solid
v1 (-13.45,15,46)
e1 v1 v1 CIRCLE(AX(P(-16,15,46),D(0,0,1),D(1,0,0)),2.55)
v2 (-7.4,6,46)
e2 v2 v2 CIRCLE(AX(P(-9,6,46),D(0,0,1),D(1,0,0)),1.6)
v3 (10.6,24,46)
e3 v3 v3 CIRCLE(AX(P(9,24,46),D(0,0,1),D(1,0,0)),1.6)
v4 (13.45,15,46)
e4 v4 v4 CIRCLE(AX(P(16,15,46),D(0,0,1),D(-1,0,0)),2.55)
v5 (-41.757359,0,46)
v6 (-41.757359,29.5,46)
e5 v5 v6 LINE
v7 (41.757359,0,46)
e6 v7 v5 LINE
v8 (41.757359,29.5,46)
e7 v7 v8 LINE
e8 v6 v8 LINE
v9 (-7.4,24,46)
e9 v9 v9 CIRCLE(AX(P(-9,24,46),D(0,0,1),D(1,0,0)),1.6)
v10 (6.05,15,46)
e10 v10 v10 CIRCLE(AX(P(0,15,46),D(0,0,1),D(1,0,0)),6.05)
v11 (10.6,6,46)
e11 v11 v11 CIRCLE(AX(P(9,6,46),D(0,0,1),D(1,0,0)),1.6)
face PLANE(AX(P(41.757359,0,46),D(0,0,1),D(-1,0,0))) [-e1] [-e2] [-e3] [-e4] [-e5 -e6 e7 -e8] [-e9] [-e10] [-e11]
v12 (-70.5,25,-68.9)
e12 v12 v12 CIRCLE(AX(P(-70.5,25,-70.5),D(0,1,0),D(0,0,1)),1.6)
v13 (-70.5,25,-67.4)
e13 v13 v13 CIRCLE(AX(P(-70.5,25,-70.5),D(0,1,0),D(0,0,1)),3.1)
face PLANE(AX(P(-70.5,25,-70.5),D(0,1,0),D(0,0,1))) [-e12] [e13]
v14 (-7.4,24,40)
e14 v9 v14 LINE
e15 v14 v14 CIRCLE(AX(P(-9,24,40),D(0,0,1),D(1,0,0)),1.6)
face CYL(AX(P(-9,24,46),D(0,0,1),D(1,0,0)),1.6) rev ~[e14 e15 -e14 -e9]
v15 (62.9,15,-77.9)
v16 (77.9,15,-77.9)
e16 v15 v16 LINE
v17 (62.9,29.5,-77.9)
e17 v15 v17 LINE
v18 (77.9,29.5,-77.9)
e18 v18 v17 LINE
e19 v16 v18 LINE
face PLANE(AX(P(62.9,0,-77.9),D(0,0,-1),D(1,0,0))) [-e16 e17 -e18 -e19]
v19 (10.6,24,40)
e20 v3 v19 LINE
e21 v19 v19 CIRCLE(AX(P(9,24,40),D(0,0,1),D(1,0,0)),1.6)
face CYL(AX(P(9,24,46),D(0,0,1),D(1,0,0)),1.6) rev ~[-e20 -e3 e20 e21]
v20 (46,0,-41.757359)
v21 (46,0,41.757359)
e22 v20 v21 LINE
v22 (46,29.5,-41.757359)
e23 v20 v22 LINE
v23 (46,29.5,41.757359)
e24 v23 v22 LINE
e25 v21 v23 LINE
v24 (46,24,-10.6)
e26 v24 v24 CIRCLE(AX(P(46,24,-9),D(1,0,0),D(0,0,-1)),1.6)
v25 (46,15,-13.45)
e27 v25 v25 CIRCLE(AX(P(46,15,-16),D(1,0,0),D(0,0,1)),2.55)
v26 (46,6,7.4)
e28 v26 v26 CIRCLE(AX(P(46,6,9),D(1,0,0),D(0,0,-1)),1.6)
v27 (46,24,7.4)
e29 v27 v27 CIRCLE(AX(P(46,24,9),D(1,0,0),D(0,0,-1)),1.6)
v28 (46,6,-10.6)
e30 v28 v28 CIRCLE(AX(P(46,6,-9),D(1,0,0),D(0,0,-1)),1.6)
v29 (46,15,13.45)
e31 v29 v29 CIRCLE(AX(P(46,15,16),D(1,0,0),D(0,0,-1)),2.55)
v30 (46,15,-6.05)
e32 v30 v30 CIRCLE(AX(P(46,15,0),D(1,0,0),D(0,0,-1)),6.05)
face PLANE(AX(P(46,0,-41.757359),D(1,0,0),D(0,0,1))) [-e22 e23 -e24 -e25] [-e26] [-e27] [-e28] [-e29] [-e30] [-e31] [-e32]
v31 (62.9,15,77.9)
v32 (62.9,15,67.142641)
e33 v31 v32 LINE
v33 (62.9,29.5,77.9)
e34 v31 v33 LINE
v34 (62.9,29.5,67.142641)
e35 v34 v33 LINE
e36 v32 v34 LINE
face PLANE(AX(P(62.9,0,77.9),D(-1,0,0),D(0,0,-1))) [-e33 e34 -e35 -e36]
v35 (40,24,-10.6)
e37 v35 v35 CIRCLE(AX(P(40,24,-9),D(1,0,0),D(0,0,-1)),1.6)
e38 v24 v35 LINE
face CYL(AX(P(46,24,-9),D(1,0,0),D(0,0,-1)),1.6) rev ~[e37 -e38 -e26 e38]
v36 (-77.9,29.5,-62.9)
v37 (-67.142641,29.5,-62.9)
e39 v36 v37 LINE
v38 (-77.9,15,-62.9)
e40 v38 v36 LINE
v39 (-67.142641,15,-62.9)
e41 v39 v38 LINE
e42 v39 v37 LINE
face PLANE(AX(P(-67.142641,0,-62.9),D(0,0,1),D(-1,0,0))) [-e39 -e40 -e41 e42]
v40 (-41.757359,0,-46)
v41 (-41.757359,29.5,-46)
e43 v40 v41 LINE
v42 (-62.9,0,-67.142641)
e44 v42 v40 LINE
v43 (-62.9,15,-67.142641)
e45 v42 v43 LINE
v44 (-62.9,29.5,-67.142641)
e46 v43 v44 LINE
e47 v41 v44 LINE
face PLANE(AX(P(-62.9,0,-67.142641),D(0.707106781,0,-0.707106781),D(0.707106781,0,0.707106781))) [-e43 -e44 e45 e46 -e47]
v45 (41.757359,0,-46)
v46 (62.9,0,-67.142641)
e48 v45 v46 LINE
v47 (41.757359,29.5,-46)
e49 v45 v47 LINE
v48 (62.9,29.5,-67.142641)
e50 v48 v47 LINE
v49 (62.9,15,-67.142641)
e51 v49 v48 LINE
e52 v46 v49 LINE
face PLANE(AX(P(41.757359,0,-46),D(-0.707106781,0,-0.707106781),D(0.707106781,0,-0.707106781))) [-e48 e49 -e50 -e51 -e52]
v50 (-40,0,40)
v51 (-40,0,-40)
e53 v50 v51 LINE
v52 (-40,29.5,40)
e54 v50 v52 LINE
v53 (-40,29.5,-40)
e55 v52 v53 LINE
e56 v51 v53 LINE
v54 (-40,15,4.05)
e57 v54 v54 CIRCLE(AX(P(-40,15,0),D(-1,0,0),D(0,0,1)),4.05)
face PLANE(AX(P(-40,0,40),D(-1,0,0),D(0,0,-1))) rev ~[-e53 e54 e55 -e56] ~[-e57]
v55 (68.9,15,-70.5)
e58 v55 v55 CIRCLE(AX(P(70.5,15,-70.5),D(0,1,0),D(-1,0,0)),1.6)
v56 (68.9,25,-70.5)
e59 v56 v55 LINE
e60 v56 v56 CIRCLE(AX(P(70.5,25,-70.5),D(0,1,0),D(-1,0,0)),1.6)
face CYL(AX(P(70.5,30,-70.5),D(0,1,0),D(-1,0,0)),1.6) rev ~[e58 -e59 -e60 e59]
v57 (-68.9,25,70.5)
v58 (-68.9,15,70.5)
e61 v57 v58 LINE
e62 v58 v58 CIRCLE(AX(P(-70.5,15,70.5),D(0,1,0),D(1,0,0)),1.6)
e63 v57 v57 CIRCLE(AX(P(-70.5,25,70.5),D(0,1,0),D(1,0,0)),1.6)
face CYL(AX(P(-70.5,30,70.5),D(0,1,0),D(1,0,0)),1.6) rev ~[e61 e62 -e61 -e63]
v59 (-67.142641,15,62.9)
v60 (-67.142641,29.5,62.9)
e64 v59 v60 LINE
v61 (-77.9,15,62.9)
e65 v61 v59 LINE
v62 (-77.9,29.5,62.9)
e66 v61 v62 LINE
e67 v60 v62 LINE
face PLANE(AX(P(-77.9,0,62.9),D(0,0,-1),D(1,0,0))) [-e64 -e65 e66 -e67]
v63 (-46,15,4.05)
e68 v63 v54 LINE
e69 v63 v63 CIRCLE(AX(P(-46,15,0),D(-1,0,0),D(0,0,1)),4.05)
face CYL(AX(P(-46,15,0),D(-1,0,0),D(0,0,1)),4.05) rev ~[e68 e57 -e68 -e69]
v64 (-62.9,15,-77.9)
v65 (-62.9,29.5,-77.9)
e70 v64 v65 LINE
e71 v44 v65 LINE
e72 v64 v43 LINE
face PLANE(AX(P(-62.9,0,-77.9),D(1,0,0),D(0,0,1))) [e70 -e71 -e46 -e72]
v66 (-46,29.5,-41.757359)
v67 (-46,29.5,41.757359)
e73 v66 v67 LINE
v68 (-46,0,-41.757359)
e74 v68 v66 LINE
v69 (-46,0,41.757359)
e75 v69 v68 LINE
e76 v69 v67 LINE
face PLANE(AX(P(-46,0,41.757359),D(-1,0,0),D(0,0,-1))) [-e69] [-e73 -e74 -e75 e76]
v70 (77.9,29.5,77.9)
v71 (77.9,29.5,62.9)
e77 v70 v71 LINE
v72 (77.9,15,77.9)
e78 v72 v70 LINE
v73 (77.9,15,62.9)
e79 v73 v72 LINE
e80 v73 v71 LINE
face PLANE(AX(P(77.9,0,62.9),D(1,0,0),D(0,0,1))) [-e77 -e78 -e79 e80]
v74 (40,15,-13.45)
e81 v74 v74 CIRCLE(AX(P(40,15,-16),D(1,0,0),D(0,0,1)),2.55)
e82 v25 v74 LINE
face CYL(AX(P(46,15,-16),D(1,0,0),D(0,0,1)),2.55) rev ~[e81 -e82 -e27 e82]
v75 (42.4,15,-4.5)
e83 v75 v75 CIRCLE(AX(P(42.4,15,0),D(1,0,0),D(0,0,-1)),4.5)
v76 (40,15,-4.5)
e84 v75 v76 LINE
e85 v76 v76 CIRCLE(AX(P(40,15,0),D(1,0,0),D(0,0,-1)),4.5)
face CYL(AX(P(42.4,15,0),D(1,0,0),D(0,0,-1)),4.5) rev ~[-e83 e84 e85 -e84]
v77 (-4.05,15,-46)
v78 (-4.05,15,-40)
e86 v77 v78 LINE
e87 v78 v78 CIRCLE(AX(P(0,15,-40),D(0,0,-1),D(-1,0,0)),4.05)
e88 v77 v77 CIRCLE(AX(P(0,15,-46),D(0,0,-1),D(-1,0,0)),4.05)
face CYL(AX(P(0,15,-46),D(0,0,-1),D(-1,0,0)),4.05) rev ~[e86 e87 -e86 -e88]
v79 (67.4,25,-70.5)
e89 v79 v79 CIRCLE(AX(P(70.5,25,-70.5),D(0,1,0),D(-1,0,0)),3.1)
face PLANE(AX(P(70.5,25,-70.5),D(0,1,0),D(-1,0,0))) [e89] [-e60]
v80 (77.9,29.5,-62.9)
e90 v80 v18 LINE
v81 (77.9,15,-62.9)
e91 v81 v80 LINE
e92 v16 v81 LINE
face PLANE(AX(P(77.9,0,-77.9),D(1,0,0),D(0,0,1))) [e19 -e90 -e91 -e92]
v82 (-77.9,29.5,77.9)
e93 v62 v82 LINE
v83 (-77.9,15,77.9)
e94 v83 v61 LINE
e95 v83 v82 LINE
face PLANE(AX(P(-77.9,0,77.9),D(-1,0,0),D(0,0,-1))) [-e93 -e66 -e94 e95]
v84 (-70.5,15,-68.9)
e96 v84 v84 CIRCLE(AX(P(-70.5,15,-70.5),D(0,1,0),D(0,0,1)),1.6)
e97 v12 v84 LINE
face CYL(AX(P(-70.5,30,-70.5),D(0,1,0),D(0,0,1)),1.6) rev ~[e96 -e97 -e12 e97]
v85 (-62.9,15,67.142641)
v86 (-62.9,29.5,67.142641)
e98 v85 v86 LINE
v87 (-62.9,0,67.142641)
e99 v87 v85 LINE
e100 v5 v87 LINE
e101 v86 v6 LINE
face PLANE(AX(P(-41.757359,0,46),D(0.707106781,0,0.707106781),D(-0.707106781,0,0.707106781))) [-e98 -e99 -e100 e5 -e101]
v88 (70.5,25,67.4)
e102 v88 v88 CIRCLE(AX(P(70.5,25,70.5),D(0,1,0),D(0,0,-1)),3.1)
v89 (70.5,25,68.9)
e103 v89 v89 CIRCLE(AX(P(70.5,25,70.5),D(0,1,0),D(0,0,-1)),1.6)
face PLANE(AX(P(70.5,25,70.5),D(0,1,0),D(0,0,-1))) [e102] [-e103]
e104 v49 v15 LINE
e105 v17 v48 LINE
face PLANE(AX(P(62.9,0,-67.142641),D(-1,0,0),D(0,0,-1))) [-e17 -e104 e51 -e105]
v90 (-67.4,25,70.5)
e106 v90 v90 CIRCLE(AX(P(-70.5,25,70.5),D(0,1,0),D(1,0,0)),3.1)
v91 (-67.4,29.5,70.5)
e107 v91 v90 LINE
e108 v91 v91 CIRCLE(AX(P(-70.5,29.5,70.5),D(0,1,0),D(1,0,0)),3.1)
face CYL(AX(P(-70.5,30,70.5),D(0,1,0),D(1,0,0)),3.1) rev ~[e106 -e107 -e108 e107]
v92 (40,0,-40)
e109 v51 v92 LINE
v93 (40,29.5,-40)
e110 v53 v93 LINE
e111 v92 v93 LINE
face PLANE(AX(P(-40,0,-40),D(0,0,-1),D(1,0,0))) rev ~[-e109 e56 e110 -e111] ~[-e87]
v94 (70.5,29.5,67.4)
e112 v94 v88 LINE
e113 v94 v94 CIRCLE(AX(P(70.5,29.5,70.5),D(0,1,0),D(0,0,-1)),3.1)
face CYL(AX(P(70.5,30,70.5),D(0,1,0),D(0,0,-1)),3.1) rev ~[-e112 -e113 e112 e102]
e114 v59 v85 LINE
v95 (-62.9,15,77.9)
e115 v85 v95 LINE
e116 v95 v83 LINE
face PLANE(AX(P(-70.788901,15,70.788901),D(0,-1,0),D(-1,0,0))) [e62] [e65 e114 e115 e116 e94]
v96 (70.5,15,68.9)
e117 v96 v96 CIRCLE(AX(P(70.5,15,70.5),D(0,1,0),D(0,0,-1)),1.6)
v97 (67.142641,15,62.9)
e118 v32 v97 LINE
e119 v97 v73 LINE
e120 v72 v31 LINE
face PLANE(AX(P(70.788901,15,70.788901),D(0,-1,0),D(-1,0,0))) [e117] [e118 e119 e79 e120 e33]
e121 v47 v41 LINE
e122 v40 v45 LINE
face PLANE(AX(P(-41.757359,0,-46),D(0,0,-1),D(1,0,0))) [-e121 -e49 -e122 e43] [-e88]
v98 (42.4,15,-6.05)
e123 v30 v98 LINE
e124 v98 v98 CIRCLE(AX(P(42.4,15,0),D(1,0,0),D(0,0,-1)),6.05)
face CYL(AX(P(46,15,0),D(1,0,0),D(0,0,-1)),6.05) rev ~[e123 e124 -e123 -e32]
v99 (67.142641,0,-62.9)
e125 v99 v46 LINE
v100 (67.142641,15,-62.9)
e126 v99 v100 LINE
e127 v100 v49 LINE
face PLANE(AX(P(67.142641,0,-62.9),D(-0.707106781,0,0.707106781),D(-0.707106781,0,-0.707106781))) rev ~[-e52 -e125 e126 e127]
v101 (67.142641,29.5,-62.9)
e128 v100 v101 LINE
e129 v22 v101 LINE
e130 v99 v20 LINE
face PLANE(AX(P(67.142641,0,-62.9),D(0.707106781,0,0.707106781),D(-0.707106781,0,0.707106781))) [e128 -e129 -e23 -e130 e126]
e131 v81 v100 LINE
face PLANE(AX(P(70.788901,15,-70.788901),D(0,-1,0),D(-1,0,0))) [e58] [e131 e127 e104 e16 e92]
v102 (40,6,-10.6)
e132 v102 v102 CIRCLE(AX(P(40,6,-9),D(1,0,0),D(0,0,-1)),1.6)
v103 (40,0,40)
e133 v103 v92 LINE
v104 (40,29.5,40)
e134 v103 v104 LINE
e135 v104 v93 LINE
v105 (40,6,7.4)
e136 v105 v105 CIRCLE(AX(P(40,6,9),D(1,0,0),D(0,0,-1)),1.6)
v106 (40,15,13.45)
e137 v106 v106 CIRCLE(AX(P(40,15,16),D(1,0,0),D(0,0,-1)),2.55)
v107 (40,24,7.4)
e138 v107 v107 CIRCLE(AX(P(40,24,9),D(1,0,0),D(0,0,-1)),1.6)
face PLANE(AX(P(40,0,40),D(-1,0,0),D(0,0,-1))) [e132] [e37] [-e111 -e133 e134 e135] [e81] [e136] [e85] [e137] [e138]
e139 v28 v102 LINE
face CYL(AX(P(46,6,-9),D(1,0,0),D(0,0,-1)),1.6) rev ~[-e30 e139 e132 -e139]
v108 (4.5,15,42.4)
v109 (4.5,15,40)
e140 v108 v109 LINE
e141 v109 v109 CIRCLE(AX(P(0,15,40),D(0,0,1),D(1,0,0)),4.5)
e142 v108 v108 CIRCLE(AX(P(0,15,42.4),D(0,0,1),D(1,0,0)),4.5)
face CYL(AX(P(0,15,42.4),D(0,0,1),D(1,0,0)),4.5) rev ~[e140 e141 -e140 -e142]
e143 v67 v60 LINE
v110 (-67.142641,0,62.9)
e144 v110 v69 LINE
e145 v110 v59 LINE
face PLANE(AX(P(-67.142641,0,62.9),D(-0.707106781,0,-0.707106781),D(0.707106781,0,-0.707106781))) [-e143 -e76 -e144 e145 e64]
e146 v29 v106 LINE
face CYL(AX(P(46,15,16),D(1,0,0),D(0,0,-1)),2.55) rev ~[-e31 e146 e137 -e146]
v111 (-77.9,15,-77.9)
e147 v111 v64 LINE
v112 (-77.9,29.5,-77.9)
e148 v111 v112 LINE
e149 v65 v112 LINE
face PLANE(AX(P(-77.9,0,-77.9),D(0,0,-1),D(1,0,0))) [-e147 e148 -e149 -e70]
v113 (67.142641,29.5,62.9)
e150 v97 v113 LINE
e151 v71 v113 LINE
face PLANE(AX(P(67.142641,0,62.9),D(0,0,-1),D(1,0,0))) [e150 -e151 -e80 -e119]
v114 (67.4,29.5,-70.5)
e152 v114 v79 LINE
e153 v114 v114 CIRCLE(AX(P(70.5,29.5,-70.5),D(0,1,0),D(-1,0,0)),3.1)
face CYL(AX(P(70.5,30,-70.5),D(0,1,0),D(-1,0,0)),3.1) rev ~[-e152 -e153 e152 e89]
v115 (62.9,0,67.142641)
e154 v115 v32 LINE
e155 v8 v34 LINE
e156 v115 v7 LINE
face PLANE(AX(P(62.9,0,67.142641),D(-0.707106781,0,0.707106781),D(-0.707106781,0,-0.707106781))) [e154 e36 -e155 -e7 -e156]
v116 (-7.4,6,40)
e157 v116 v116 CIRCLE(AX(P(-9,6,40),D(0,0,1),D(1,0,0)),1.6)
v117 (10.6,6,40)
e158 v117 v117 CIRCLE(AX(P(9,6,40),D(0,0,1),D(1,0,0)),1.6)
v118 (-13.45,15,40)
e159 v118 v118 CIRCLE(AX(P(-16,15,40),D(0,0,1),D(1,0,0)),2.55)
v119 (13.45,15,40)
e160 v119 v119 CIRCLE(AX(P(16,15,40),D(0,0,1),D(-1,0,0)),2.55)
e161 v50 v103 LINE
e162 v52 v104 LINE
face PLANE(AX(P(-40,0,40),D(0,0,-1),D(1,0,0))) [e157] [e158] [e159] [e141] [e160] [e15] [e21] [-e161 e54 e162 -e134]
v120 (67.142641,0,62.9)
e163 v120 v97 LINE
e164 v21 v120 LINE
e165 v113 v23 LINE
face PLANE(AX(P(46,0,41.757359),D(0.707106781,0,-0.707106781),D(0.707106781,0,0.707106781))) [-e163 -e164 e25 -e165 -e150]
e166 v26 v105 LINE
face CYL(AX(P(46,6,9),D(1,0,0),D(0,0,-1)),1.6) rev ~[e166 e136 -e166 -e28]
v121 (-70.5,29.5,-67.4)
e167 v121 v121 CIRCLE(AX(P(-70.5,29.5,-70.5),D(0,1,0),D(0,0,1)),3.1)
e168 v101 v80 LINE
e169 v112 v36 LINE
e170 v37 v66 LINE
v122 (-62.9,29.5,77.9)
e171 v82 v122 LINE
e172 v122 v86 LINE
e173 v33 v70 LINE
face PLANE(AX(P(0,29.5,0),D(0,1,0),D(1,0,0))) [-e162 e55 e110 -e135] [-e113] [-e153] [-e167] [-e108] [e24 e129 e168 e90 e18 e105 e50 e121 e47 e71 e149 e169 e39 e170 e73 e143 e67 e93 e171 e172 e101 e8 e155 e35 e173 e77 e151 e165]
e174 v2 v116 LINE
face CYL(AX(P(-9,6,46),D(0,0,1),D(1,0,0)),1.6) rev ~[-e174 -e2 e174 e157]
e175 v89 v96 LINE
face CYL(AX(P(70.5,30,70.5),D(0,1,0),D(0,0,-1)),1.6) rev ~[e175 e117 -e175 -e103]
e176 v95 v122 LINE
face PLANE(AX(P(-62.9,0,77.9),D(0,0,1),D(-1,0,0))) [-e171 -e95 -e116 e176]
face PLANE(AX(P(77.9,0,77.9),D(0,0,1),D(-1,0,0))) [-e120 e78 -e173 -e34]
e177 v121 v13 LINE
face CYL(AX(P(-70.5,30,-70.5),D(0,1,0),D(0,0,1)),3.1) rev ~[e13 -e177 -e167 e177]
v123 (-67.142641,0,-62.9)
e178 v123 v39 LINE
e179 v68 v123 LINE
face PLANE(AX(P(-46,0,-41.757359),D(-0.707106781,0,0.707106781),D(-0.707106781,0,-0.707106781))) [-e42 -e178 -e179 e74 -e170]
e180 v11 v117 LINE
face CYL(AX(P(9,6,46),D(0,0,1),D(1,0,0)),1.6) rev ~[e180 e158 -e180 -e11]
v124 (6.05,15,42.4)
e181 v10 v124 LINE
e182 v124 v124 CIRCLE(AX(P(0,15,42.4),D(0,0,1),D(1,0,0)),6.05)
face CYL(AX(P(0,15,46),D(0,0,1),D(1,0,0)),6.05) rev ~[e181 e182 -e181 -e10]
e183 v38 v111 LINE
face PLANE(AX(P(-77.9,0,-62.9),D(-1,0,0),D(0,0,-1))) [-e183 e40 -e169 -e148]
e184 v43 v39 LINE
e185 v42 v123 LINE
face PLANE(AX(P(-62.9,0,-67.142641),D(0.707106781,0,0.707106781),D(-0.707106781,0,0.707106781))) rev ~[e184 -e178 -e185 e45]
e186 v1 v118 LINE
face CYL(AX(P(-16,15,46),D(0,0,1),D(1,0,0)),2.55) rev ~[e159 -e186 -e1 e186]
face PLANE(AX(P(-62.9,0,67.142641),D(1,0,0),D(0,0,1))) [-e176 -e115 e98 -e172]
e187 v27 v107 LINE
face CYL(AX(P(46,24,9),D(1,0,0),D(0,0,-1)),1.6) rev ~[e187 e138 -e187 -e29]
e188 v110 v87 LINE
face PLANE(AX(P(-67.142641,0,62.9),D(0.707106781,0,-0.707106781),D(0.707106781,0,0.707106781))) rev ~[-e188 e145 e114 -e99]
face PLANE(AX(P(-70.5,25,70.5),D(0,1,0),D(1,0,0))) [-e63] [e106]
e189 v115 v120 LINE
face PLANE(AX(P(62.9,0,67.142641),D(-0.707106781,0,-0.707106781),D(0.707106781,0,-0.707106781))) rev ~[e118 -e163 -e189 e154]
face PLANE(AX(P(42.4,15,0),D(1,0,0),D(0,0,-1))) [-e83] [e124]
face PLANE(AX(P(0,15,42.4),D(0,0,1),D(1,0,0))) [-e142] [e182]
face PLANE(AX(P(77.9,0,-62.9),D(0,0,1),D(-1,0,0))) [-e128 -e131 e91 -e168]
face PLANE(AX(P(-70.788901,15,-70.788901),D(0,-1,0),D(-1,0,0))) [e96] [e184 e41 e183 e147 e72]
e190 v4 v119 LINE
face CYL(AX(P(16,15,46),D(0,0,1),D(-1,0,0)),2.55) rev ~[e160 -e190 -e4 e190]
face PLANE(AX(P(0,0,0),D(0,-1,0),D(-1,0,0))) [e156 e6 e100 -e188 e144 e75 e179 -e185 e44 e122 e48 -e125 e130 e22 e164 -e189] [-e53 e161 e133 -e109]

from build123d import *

# Parameters (mm, degrees)
SKETCH_1_W               = 80
SKETCH_1_H               = 80
EXTRUDE_1_DEPTH          = 30
CUT_EXTRUDE_1_DEPTH      = 15
SKETCH_3_R               = 1.6
CUT_EXTRUDE_2_DEPTH      = 115.178894722
SKETCH_4_R               = 3.1
CUT_EXTRUDE_3_DEPTH      = 5
PATTERN_CIRCULAR_1_COUNT = 4
SKETCH_6_R               = 6.05
CUT_EXTRUDE_4_DEPTH      = 3.6
SKETCH_7_R               = 4.5
CUT_EXTRUDE_5_DEPTH      = 2.5
SKETCH_8_R               = 2.55
CUT_EXTRUDE_6_DEPTH      = 6
SKETCH_9_R               = 1.6
CUT_EXTRUDE_7_DEPTH      = 6
PATTERN_CIRCULAR_2_COUNT = 2
PATTERN_CIRCULAR_2_ANGLE = 90
SKETCH_10_R              = 4.05
CUT_EXTRUDE_8_DEPTH      = 6
PATTERN_CIRCULAR_3_COUNT = 2
PATTERN_CIRCULAR_3_ANGLE = 90
CUT_EXTRUDE_9_DEPTH      = 0.5


with BuildPart() as part:
    # 草图1 → 凸台-拉伸1 (new body)
    with BuildSketch(Plane(origin=(0, 0, 0), x_dir=(1, 0, 0), z_dir=(0, 1, 0))):
        Polygon((-77.9, 77.9), (-62.9, 77.9), (-62.9, 67.142640687), (-41.757359313, 46), (41.757359313, 46), (62.9, 67.142640687), (62.9, 77.9), (77.9, 77.9), (77.9, 62.9), (67.142640687, 62.9), (46, 41.757359313), (46, -41.757359313), (67.142640687, -62.9), (77.9, -62.9), (77.9, -77.9), (62.9, -77.9), (62.9, -67.142640687), (41.757359313, -46), (-41.757359313, -46), (-62.9, -67.142640687), (-62.9, -77.9), (-77.9, -77.9), (-77.9, -62.9), (-67.142640687, -62.9), (-46, -41.757359313), (-46, 41.757359313), (-67.142640687, 62.9), (-77.9, 62.9), align=None)
        Rectangle(SKETCH_1_W, SKETCH_1_H, mode=Mode.SUBTRACT)
    extrude(amount=EXTRUDE_1_DEPTH)

    # 草图2 → 切除-拉伸1 (cut)
    with BuildSketch(Plane(origin=(0, 0, 0), x_dir=(1, 0, 0), z_dir=(0, 1, 0))):
        Polygon((-77.9, 77.9), (-62.9, 77.9), (-62.9, 67.142640687), (-67.142640687, 62.9), (-77.9, 62.9), align=None)
        Polygon((62.9, 77.9), (77.9, 77.9), (77.9, 62.9), (67.142640687, 62.9), (62.9, 67.142640687), align=None)
        Polygon((77.9, -62.9), (77.9, -77.9), (62.9, -77.9), (62.9, -67.142640687), (67.142640687, -62.9), align=None)
        Polygon((-62.9, -77.9), (-77.9, -77.9), (-77.9, -62.9), (-67.142640687, -62.9), (-62.9, -67.142640687), align=None)
    extrude(amount=CUT_EXTRUDE_1_DEPTH, mode=Mode.SUBTRACT)

    # 草图3 → 切除-拉伸2 (cut, through all)
    with BuildSketch(Plane(origin=(0, 30, 0), x_dir=(1, 0, 0), z_dir=(0, 1, 0))):
        with Locations(Location((-70.5, 70.5, 0), (0, 0, 270))):
            Circle(SKETCH_3_R)
    cut_extrude_2 = extrude(amount=-CUT_EXTRUDE_2_DEPTH, mode=Mode.SUBTRACT)

    # 草图4 → 切除-拉伸3 (cut)
    with BuildSketch(Plane(origin=(0, 30, 0), x_dir=(1, 0, 0), z_dir=(0, 1, 0))):
        with Locations(Location((-70.5, 70.5, 0), (0, 0, 270))):
            Circle(SKETCH_4_R)
    cut_extrude_3 = extrude(amount=-CUT_EXTRUDE_3_DEPTH, mode=Mode.SUBTRACT)

    # 阵列(圆周)1: 切除-拉伸2, 切除-拉伸3 ×4 about axis
    pattern_circular_1_axis = Axis((0, 0, 0), (0, 1, 0))
    add([cut_extrude_2.rotate(pattern_circular_1_axis, i * 360 / PATTERN_CIRCULAR_1_COUNT) for i in range(1, PATTERN_CIRCULAR_1_COUNT)], mode=Mode.SUBTRACT)
    add([cut_extrude_3.rotate(pattern_circular_1_axis, i * 360 / PATTERN_CIRCULAR_1_COUNT) for i in range(1, PATTERN_CIRCULAR_1_COUNT)], mode=Mode.SUBTRACT)

    # 草图6 → 切除-拉伸4 (cut)
    with BuildSketch(Plane.XY.offset(46)):
        with Locations((0, 15)):
            Circle(SKETCH_6_R)
    cut_extrude_4 = extrude(amount=-CUT_EXTRUDE_4_DEPTH, mode=Mode.SUBTRACT)

    # 草图7 → 切除-拉伸5 (cut)
    with BuildSketch(Plane.XY.offset(42.4)):
        with Locations((0, 15)):
            Circle(SKETCH_7_R)
    cut_extrude_5 = extrude(amount=-CUT_EXTRUDE_5_DEPTH, mode=Mode.SUBTRACT)

    # 草图8 → 切除-拉伸6 (cut)
    with BuildSketch(Plane.XY.offset(46)):
        with Locations((-16, 15)):
            Circle(SKETCH_8_R)
        with Locations(Location((16, 15, 0), (0, 0, 180))):
            Circle(SKETCH_8_R)
    cut_extrude_6 = extrude(amount=-CUT_EXTRUDE_6_DEPTH, mode=Mode.SUBTRACT)

    # 草图9 → 切除-拉伸7 (cut)
    with BuildSketch(Plane.XY.offset(46)):
        with Locations((9, 24)):
            Circle(SKETCH_9_R)
        with Locations((9, 6)):
            Circle(SKETCH_9_R)
        with Locations((-9, 6)):
            Circle(SKETCH_9_R)
        with Locations((-9, 24)):
            Circle(SKETCH_9_R)
    cut_extrude_7 = extrude(amount=-CUT_EXTRUDE_7_DEPTH, mode=Mode.SUBTRACT)

    # 阵列(圆周)2: 切除-拉伸4, 切除-拉伸5, 切除-拉伸6, 切除-拉伸7 ×2 about axis
    pattern_circular_2_axis = Axis((0, 0, 0), (0, 1, 0))
    add([cut_extrude_4.rotate(pattern_circular_2_axis, i * PATTERN_CIRCULAR_2_ANGLE / (PATTERN_CIRCULAR_2_COUNT - 1)) for i in range(1, PATTERN_CIRCULAR_2_COUNT)], mode=Mode.SUBTRACT)
    add([cut_extrude_5.rotate(pattern_circular_2_axis, i * PATTERN_CIRCULAR_2_ANGLE / (PATTERN_CIRCULAR_2_COUNT - 1)) for i in range(1, PATTERN_CIRCULAR_2_COUNT)], mode=Mode.SUBTRACT)
    add([cut_extrude_6.rotate(pattern_circular_2_axis, i * PATTERN_CIRCULAR_2_ANGLE / (PATTERN_CIRCULAR_2_COUNT - 1)) for i in range(1, PATTERN_CIRCULAR_2_COUNT)], mode=Mode.SUBTRACT)
    add([cut_extrude_7.rotate(pattern_circular_2_axis, i * PATTERN_CIRCULAR_2_ANGLE / (PATTERN_CIRCULAR_2_COUNT - 1)) for i in range(1, PATTERN_CIRCULAR_2_COUNT)], mode=Mode.SUBTRACT)

    # 草图10 → 切除-拉伸8 (cut)
    with BuildSketch(Plane.ZY.offset(46)):
        with Locations((0, 15)):
            Circle(SKETCH_10_R)
    cut_extrude_8 = extrude(amount=-CUT_EXTRUDE_8_DEPTH, mode=Mode.SUBTRACT)

    # 阵列(圆周)3: 切除-拉伸8 ×2 about axis
    pattern_circular_3_axis = Axis((0, 0, 0), (0, -1, 0))
    for i in range(1, PATTERN_CIRCULAR_3_COUNT):
        add(cut_extrude_8.rotate(pattern_circular_3_axis, i * PATTERN_CIRCULAR_3_ANGLE / (PATTERN_CIRCULAR_3_COUNT - 1)), mode=Mode.SUBTRACT)

    # 草图11 → 切除-拉伸9 (cut)
    with BuildSketch(Plane(origin=(0, 30, 0), x_dir=(1, 0, 0), z_dir=(0, 1, 0))):
        Polygon((-77.9, 77.9), (-77.9, 62.9), (-67.142640687, 62.9), (-46, 41.757359313), (-46, -41.757359313), (-67.142640687, -62.9), (-77.9, -62.9), (-77.9, -77.9), (-62.9, -77.9), (-62.9, -67.142640687), (-41.757359313, -46), (41.757359313, -46), (62.9, -67.142640687), (62.9, -77.9), (77.9, -77.9), (77.9, -62.9), (67.142640687, -62.9), (46, -41.757359313), (46, 41.757359313), (67.142640687, 62.9), (77.9, 62.9), (77.9, 77.9), (62.9, 77.9), (62.9, 67.142640687), (41.757359313, 46), (-41.757359313, 46), (-62.9, 67.142640687), (-62.9, 77.9), align=None)
    extrude(amount=-CUT_EXTRUDE_9_DEPTH, mode=Mode.SUBTRACT)


solid = part.part
